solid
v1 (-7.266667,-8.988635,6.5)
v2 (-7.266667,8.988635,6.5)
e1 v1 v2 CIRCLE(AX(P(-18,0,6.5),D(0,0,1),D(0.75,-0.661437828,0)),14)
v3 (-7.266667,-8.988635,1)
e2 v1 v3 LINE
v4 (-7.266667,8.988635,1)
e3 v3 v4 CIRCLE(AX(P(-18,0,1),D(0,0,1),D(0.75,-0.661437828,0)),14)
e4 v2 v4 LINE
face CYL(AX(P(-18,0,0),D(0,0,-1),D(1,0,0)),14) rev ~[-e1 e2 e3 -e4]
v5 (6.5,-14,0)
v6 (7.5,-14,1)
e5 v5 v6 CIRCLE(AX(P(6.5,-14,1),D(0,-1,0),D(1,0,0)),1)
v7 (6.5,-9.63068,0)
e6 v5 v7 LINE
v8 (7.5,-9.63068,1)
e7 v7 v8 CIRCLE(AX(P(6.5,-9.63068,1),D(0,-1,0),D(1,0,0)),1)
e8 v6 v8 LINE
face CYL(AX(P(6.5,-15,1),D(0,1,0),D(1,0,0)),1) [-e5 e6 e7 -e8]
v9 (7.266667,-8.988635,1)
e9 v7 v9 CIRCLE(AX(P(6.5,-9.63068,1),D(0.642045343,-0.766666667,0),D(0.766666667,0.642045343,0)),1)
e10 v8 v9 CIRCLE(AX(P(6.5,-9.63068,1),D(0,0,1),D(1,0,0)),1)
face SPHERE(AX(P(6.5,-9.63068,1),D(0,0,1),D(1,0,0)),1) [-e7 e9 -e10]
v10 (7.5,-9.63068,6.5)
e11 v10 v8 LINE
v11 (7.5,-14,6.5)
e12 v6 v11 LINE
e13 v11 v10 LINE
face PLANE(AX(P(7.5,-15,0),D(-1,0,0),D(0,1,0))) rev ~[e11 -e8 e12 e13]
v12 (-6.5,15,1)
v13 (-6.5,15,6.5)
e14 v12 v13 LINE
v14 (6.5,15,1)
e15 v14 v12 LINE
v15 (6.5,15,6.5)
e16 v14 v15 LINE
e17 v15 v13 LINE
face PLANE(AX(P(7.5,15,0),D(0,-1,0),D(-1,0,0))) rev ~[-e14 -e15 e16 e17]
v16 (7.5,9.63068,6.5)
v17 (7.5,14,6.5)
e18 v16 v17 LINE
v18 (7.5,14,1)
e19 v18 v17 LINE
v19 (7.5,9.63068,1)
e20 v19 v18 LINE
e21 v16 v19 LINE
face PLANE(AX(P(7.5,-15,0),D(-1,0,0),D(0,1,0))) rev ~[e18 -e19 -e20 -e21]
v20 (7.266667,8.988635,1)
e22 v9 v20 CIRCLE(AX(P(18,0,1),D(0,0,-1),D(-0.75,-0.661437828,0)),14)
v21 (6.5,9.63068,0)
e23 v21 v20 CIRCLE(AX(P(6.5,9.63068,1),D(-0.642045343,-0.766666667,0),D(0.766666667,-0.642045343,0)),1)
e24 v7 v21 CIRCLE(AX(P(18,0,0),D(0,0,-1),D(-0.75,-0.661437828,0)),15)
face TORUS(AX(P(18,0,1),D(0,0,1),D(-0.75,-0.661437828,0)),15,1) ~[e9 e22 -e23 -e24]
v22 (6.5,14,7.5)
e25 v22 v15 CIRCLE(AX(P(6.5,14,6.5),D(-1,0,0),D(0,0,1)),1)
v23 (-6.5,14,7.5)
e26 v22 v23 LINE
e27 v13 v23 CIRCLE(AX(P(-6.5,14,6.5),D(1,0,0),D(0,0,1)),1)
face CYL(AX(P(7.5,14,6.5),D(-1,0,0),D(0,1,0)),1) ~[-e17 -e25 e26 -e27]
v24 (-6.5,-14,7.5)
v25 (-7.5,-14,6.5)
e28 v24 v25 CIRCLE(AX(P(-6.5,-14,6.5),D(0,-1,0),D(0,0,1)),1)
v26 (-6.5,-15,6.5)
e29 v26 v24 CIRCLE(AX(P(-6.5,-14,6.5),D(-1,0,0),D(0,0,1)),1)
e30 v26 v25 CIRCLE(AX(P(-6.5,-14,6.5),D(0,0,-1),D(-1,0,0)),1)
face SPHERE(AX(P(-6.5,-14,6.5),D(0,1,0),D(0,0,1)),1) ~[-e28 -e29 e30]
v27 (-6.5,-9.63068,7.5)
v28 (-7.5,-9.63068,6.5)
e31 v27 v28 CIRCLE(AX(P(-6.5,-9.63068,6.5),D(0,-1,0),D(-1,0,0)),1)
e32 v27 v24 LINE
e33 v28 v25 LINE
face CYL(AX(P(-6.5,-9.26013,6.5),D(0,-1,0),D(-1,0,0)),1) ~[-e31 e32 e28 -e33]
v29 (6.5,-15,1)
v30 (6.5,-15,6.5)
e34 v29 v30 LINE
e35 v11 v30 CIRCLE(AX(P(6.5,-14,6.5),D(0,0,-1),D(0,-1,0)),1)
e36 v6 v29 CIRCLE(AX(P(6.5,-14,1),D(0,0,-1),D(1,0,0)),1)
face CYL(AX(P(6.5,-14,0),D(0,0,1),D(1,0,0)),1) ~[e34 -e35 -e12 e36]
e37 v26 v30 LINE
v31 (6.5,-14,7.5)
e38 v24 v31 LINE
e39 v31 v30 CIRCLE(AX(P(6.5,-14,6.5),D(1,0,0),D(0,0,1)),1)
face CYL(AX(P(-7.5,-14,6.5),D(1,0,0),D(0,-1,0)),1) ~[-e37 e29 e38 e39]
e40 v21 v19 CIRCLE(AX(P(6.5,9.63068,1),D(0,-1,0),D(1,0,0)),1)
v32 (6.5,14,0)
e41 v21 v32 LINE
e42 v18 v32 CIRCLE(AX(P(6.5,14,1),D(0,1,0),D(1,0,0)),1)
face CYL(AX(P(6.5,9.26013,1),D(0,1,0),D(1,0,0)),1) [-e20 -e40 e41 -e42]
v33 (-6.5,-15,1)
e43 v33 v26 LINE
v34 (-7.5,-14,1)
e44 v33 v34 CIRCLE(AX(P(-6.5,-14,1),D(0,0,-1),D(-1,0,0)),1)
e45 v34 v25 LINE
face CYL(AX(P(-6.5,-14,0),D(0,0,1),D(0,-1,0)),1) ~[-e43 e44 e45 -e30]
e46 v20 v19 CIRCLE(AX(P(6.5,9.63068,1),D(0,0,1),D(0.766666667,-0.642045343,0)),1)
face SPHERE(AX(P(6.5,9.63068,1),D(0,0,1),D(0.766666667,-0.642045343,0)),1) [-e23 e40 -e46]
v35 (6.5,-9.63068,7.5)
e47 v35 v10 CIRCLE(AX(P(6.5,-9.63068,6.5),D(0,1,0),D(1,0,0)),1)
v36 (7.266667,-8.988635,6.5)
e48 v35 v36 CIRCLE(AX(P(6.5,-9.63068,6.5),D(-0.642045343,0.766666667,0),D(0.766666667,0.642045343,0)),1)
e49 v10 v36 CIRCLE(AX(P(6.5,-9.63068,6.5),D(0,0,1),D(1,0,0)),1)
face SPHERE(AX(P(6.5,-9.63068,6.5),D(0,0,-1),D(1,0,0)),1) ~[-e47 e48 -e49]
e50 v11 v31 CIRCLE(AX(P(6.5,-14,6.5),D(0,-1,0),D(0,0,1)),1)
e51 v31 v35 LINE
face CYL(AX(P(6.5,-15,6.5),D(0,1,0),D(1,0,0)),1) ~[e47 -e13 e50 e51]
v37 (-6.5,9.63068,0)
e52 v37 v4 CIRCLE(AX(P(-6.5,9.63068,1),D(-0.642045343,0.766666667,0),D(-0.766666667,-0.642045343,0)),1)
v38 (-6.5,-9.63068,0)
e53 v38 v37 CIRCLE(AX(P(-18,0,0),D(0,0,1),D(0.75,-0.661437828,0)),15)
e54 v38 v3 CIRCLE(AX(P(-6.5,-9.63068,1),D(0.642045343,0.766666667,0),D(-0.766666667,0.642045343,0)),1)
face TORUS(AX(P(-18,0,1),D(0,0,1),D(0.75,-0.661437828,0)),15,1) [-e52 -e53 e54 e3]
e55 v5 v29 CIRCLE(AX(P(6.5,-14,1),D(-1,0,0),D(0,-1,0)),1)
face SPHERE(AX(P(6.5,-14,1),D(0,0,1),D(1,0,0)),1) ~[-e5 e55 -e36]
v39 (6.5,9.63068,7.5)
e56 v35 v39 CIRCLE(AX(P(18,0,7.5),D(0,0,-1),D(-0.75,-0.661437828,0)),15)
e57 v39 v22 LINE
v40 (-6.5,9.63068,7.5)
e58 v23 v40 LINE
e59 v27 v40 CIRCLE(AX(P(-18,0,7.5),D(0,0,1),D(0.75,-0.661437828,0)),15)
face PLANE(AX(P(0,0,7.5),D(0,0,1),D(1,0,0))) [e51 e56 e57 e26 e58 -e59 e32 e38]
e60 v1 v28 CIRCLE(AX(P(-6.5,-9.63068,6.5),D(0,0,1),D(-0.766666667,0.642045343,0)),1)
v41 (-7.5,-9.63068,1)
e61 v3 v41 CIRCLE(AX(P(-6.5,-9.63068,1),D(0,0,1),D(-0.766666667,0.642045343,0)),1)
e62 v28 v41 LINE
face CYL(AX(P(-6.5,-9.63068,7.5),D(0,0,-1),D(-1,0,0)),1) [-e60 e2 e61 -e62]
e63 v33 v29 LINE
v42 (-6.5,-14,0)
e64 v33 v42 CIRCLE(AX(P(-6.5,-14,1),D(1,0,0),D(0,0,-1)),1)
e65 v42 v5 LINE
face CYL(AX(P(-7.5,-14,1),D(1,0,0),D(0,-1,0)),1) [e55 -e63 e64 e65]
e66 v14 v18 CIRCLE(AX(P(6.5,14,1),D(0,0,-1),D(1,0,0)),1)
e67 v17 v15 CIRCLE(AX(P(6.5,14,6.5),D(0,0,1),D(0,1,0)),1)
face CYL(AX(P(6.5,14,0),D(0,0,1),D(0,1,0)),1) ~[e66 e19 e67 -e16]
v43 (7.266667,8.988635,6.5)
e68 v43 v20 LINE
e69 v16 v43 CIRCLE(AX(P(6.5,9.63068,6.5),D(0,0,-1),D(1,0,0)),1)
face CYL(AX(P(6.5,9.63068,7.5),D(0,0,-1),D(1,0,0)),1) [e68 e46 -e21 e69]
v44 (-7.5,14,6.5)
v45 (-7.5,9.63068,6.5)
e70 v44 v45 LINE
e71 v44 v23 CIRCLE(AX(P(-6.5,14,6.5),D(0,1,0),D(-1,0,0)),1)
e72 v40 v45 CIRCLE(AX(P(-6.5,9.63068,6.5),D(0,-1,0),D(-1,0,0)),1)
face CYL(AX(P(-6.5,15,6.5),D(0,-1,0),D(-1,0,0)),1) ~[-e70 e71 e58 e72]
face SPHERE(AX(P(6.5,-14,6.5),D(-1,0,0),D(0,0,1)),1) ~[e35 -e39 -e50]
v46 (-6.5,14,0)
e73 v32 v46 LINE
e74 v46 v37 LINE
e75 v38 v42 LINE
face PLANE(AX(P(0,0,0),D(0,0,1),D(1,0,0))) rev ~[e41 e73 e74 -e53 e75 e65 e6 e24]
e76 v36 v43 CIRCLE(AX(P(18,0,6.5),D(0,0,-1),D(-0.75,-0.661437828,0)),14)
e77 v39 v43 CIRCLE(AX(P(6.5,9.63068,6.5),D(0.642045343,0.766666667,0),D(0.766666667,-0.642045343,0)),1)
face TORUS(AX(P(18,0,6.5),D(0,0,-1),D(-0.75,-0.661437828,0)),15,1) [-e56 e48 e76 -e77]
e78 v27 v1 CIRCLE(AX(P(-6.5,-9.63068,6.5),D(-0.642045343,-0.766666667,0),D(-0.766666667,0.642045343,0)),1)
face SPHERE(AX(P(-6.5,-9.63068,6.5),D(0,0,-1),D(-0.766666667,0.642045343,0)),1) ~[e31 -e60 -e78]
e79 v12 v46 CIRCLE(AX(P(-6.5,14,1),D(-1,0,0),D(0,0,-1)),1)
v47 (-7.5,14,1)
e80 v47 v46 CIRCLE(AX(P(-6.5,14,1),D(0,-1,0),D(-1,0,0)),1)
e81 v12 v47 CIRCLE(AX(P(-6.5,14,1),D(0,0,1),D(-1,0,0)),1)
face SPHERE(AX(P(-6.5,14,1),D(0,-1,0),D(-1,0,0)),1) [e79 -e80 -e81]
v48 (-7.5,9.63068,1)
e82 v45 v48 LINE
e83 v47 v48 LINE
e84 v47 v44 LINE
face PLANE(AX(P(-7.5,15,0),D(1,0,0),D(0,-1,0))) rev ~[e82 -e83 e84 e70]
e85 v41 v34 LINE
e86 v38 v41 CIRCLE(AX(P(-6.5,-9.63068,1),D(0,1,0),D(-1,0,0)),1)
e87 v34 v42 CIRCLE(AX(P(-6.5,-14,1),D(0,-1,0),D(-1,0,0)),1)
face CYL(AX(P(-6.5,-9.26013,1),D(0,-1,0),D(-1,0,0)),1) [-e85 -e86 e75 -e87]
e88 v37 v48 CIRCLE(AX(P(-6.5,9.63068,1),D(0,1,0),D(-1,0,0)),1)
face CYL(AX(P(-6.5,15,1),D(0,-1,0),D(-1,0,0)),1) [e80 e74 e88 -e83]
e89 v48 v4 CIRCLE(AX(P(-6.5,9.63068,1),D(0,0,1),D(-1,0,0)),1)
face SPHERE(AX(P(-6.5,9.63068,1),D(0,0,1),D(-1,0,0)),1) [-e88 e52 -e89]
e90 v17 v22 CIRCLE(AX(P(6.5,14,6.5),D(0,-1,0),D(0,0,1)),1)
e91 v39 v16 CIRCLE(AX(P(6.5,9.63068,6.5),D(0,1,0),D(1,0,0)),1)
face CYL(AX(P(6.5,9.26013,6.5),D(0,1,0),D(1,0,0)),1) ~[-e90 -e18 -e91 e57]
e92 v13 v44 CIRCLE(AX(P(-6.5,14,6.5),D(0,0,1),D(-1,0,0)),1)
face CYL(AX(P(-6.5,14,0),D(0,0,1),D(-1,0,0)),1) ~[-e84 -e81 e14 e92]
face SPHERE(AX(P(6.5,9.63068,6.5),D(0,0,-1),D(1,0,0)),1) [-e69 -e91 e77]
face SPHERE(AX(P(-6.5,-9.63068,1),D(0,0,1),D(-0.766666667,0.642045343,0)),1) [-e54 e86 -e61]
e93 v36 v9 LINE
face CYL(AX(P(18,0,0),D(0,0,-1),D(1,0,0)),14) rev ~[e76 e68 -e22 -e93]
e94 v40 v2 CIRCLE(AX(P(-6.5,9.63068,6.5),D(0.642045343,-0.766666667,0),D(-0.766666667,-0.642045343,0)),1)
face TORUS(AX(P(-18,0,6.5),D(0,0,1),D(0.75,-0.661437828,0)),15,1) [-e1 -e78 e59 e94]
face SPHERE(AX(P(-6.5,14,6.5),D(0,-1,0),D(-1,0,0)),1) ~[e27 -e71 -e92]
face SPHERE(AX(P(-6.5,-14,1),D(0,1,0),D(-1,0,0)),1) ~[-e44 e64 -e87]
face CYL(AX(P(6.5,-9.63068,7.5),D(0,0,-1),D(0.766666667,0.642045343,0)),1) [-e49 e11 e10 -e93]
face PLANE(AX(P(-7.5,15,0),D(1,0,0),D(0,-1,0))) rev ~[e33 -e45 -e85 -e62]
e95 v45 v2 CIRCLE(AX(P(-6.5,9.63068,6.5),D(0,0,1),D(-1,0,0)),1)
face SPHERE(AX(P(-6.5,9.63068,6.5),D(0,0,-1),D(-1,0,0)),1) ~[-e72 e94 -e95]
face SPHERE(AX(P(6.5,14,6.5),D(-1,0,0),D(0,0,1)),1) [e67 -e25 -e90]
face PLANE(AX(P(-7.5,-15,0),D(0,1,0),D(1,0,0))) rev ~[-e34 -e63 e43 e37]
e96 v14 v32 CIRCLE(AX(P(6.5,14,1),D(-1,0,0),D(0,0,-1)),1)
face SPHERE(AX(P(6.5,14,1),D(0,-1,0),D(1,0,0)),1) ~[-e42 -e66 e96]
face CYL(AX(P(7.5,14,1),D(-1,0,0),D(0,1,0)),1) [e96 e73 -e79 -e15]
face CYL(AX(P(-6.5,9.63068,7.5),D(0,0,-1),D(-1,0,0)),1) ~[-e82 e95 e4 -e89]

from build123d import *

# Parameters (mm, degrees)
PAD_DEPTH    = 7.5
SKETCH001_R  = 14
POCKET_DEPTH = 7.501
FILLET_R     = 1


with BuildPart() as part:
    # Sketch → Pad (new body)
    with BuildSketch(Plane.XY):
        Polygon((0, 15), (-7.5, 15), (-7.5, 0), (-7.5, -15), (0, -15), (7.5, -15), (7.5, 0), (7.5, 15), align=None)
    extrude(amount=PAD_DEPTH)

    # Sketch001 → Pocket (cut, through all)
    with BuildSketch(Plane(origin=(0, 0, 0), x_dir=(1, 0, 0), z_dir=(0, 0, -1))):
        with Locations((18, 0)):
            Circle(SKETCH001_R)
        with Locations((-18, 0)):
            Circle(SKETCH001_R)
    extrude(amount=-POCKET_DEPTH, mode=Mode.SUBTRACT)

    # Fillet
    fillet_edges = [part.edges().sort_by_distance(p)[0] for p in [
        (-7.5, -12.130065, 7.5),
        (-3.75, -15, 7.5),
        (3.75, -15, 7.5),
        (7.5, -12.130065, 7.5),
        (-7.5, -12.130065, 0),
        (-7.5, -15, 3.75),
        (-7.5, -9.26013, 3.75),
        (-4.904199, -4.949747, 7.5),
        (-4.904199, 4.949747, 7.5),
        (-4.904199, 4.949747, 0),
        (-4.904199, -4.949747, 0),
        (-7.5, 9.26013, 3.75),
        (-7.5, 12.130065, 0),
        (-7.5, 12.130065, 7.5),
        (-7.5, 15, 3.75),
        (-3.75, 15, 7.5),
        (3.75, 15, 7.5),
        (7.5, 12.130065, 7.5),
        (4, 0, 7.5),
        (7.5, -15, 3.75),
        (7.5, -12.130065, 0),
        (4, 0, 0),
        (7.5, 12.130065, 0),
        (7.5, 9.26013, 3.75),
        (7.5, -9.26013, 3.75),
        (7.5, 15, 3.75),
        (-3.75, 15, 0),
        (3.75, 15, 0),
        (-3.75, -15, 0),
        (3.75, -15, 0),
    ]]
    fillet(fillet_edges, radius=FILLET_R)


solid = part.part
